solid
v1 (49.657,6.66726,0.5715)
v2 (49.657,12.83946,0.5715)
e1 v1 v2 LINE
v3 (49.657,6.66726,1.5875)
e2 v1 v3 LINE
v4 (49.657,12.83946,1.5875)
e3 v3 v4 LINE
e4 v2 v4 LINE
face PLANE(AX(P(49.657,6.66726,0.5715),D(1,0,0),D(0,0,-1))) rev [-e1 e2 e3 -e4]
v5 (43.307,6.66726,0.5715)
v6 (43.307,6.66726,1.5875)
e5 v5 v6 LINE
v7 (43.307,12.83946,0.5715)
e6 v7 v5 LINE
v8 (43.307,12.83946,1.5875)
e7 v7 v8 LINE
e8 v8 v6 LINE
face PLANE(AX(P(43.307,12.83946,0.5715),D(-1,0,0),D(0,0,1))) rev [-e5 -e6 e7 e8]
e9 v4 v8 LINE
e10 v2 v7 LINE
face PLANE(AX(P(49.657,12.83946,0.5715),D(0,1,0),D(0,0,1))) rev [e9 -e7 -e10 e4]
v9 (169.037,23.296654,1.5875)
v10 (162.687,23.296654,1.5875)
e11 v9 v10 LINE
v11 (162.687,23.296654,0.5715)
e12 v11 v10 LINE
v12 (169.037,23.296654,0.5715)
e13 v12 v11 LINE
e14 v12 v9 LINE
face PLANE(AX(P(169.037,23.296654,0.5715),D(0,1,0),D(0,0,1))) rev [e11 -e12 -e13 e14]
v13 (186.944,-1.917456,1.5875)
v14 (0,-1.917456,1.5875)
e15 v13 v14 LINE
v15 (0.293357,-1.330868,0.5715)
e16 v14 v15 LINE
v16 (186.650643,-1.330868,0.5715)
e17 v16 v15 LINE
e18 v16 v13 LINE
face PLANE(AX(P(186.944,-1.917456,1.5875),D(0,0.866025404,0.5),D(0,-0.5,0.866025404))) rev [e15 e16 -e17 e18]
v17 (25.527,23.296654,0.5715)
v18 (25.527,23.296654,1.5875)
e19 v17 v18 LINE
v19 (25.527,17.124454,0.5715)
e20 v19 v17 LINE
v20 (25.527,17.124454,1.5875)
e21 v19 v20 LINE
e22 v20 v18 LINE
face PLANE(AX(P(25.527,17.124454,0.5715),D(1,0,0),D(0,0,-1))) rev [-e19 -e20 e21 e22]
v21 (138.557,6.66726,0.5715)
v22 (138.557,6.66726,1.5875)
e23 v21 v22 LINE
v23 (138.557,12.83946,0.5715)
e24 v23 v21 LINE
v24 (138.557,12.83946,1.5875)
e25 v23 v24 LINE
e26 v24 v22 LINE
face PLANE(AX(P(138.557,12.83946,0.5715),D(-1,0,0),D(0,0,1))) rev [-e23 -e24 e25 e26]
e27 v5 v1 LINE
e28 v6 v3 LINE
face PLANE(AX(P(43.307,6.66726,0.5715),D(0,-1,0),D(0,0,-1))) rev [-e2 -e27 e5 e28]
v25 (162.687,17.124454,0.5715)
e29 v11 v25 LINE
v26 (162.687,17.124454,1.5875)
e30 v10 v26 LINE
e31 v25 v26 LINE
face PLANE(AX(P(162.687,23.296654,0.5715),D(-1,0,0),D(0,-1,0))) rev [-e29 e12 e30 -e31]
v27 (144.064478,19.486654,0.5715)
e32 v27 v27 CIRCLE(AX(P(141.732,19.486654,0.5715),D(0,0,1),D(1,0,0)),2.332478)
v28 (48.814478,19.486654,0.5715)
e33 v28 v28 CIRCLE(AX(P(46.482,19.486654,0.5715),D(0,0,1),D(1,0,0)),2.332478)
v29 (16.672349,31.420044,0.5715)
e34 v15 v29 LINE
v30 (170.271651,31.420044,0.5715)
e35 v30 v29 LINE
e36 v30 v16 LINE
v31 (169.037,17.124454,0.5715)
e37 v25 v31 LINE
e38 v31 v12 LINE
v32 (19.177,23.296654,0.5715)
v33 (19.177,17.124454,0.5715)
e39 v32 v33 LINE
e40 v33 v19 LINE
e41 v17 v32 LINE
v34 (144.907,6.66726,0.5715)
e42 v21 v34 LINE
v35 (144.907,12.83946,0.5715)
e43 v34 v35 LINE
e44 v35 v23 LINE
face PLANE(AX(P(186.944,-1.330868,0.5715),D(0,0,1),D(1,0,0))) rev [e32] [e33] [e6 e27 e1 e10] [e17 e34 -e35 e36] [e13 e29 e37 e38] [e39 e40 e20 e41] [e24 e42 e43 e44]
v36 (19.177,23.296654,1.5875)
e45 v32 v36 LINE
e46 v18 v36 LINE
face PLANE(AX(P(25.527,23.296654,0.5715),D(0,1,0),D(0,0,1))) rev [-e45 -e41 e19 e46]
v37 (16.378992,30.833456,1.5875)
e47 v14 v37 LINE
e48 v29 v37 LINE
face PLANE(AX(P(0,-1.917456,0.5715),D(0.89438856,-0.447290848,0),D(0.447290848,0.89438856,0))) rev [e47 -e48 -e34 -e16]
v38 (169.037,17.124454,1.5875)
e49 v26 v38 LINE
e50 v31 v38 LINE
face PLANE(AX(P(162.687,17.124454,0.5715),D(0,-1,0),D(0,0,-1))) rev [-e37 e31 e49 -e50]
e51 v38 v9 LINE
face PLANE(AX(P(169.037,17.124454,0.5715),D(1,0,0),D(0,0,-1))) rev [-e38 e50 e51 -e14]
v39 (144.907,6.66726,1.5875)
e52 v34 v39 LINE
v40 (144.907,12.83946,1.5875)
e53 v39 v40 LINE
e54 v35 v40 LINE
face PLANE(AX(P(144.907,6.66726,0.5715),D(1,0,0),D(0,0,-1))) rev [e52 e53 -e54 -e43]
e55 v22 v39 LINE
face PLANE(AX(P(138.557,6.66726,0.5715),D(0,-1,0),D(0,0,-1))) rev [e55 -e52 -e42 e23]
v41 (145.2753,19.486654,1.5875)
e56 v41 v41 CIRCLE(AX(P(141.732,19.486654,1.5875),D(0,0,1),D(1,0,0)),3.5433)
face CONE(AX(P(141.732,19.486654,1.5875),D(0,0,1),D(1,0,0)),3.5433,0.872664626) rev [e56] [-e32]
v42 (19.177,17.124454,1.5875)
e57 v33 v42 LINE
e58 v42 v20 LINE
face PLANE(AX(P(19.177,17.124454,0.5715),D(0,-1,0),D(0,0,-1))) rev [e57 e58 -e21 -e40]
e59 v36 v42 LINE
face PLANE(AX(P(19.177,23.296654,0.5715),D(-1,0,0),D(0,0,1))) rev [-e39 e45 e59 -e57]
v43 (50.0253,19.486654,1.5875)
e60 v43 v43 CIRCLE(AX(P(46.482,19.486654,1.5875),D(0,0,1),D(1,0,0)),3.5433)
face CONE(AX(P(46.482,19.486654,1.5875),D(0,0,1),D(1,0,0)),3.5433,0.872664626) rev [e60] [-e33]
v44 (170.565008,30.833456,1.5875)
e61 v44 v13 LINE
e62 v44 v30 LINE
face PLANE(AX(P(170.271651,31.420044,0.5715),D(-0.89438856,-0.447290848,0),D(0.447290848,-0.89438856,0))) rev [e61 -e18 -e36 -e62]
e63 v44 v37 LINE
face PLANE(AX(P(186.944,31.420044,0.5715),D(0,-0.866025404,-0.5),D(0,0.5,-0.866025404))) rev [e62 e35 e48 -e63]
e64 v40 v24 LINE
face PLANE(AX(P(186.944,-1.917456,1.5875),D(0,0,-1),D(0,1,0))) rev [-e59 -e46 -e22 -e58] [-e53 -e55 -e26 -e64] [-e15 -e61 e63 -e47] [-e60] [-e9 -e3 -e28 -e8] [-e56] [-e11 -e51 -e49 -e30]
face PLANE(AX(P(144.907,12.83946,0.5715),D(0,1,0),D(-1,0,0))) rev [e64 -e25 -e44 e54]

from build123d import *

# Parameters (mm, degrees)
BOSS_EXTRUDE2_DEPTH                       = 186.944
CUT_EXTRUDE1_DEPTH                        = 190.568748947
SKETCH6_W                                 = 6.35
SKETCH6_H                                 = 6.1722
CUT_EXTRUDE3_DEPTH                        = 190.568748947
CSK_FOR_6_FLAT_HEAD_MACHINE_SCREW_2_COUNT = 2
CSK_FOR_6_FLAT_HEAD_MACHINE_SCREW_2_PITCH = 95.25


with BuildPart() as part:
    # Sketch3 → Boss-Extrude2 (new body)
    with BuildSketch(Plane(origin=(0, 0, 0), x_dir=(0, 0, -1), z_dir=(1, 0, 0))):
        Polygon((-0.5715, 31.420044321), (-1.5875, 30.833456448), (-1.5875, -1.917455679), (-0.5715, -1.330867805), align=None)
    extrude(amount=BOSS_EXTRUDE2_DEPTH)

    # Sketch5 → Cut-Extrude1 (cut, through all)
    with BuildSketch(Plane.XY.offset(1.5875)):
        Polygon((0, -1.917455679), (16.672349491, 31.420044321), (0, 31.420044321), align=None)
        Polygon((186.944, -1.917455679), (186.944, 31.420044321), (170.271650509, 31.420044321), align=None)
    extrude(amount=-CUT_EXTRUDE1_DEPTH, mode=Mode.SUBTRACT)

    # Sketch6 → Cut-Extrude3 (cut, through all)
    with BuildSketch(Plane.XY.offset(1.5875)):
        with Locations((22.352, 20.210554054)):
            Rectangle(SKETCH6_W, SKETCH6_H)
        with Locations((46.482, 9.753360379)):
            Rectangle(SKETCH6_W, SKETCH6_H)
        with Locations((141.732, 9.753360379)):
            Rectangle(SKETCH6_W, SKETCH6_H)
        with Locations((165.862, 20.210554054)):
            Rectangle(SKETCH6_W, SKETCH6_H)
    extrude(amount=-CUT_EXTRUDE3_DEPTH, mode=Mode.SUBTRACT)

    # Sketch7 → CSK for #6 Flat Head Machine Screw (100)1 (revolve, cut)
    with BuildSketch(Plane(origin=(46.482, 19.486654054, 1.5875), x_dir=(0, -1, 0), z_dir=(1, 0, 0))):
        Polygon((0, 0), (0, 1.016), (1.89865, 1.016), (1.89865, 1.380025208), (3.5433, 0), align=None)
    csk_for_6_flat_head_machine_screw_100 = revolve(axis=Axis((46.482, 19.486654054, 7.9375), (0, 0, -1)), mode=Mode.SUBTRACT)

    # CSK for _6 Flat Head Machine Screw _ 2: CSK for #6 Flat Head Machine Screw (100)1 ×2
    with Locations(*[(i * CSK_FOR_6_FLAT_HEAD_MACHINE_SCREW_2_PITCH, 0, 0) for i in range(1, CSK_FOR_6_FLAT_HEAD_MACHINE_SCREW_2_COUNT)]):
        add(csk_for_6_flat_head_machine_screw_100, mode=Mode.SUBTRACT)


solid = part.part
